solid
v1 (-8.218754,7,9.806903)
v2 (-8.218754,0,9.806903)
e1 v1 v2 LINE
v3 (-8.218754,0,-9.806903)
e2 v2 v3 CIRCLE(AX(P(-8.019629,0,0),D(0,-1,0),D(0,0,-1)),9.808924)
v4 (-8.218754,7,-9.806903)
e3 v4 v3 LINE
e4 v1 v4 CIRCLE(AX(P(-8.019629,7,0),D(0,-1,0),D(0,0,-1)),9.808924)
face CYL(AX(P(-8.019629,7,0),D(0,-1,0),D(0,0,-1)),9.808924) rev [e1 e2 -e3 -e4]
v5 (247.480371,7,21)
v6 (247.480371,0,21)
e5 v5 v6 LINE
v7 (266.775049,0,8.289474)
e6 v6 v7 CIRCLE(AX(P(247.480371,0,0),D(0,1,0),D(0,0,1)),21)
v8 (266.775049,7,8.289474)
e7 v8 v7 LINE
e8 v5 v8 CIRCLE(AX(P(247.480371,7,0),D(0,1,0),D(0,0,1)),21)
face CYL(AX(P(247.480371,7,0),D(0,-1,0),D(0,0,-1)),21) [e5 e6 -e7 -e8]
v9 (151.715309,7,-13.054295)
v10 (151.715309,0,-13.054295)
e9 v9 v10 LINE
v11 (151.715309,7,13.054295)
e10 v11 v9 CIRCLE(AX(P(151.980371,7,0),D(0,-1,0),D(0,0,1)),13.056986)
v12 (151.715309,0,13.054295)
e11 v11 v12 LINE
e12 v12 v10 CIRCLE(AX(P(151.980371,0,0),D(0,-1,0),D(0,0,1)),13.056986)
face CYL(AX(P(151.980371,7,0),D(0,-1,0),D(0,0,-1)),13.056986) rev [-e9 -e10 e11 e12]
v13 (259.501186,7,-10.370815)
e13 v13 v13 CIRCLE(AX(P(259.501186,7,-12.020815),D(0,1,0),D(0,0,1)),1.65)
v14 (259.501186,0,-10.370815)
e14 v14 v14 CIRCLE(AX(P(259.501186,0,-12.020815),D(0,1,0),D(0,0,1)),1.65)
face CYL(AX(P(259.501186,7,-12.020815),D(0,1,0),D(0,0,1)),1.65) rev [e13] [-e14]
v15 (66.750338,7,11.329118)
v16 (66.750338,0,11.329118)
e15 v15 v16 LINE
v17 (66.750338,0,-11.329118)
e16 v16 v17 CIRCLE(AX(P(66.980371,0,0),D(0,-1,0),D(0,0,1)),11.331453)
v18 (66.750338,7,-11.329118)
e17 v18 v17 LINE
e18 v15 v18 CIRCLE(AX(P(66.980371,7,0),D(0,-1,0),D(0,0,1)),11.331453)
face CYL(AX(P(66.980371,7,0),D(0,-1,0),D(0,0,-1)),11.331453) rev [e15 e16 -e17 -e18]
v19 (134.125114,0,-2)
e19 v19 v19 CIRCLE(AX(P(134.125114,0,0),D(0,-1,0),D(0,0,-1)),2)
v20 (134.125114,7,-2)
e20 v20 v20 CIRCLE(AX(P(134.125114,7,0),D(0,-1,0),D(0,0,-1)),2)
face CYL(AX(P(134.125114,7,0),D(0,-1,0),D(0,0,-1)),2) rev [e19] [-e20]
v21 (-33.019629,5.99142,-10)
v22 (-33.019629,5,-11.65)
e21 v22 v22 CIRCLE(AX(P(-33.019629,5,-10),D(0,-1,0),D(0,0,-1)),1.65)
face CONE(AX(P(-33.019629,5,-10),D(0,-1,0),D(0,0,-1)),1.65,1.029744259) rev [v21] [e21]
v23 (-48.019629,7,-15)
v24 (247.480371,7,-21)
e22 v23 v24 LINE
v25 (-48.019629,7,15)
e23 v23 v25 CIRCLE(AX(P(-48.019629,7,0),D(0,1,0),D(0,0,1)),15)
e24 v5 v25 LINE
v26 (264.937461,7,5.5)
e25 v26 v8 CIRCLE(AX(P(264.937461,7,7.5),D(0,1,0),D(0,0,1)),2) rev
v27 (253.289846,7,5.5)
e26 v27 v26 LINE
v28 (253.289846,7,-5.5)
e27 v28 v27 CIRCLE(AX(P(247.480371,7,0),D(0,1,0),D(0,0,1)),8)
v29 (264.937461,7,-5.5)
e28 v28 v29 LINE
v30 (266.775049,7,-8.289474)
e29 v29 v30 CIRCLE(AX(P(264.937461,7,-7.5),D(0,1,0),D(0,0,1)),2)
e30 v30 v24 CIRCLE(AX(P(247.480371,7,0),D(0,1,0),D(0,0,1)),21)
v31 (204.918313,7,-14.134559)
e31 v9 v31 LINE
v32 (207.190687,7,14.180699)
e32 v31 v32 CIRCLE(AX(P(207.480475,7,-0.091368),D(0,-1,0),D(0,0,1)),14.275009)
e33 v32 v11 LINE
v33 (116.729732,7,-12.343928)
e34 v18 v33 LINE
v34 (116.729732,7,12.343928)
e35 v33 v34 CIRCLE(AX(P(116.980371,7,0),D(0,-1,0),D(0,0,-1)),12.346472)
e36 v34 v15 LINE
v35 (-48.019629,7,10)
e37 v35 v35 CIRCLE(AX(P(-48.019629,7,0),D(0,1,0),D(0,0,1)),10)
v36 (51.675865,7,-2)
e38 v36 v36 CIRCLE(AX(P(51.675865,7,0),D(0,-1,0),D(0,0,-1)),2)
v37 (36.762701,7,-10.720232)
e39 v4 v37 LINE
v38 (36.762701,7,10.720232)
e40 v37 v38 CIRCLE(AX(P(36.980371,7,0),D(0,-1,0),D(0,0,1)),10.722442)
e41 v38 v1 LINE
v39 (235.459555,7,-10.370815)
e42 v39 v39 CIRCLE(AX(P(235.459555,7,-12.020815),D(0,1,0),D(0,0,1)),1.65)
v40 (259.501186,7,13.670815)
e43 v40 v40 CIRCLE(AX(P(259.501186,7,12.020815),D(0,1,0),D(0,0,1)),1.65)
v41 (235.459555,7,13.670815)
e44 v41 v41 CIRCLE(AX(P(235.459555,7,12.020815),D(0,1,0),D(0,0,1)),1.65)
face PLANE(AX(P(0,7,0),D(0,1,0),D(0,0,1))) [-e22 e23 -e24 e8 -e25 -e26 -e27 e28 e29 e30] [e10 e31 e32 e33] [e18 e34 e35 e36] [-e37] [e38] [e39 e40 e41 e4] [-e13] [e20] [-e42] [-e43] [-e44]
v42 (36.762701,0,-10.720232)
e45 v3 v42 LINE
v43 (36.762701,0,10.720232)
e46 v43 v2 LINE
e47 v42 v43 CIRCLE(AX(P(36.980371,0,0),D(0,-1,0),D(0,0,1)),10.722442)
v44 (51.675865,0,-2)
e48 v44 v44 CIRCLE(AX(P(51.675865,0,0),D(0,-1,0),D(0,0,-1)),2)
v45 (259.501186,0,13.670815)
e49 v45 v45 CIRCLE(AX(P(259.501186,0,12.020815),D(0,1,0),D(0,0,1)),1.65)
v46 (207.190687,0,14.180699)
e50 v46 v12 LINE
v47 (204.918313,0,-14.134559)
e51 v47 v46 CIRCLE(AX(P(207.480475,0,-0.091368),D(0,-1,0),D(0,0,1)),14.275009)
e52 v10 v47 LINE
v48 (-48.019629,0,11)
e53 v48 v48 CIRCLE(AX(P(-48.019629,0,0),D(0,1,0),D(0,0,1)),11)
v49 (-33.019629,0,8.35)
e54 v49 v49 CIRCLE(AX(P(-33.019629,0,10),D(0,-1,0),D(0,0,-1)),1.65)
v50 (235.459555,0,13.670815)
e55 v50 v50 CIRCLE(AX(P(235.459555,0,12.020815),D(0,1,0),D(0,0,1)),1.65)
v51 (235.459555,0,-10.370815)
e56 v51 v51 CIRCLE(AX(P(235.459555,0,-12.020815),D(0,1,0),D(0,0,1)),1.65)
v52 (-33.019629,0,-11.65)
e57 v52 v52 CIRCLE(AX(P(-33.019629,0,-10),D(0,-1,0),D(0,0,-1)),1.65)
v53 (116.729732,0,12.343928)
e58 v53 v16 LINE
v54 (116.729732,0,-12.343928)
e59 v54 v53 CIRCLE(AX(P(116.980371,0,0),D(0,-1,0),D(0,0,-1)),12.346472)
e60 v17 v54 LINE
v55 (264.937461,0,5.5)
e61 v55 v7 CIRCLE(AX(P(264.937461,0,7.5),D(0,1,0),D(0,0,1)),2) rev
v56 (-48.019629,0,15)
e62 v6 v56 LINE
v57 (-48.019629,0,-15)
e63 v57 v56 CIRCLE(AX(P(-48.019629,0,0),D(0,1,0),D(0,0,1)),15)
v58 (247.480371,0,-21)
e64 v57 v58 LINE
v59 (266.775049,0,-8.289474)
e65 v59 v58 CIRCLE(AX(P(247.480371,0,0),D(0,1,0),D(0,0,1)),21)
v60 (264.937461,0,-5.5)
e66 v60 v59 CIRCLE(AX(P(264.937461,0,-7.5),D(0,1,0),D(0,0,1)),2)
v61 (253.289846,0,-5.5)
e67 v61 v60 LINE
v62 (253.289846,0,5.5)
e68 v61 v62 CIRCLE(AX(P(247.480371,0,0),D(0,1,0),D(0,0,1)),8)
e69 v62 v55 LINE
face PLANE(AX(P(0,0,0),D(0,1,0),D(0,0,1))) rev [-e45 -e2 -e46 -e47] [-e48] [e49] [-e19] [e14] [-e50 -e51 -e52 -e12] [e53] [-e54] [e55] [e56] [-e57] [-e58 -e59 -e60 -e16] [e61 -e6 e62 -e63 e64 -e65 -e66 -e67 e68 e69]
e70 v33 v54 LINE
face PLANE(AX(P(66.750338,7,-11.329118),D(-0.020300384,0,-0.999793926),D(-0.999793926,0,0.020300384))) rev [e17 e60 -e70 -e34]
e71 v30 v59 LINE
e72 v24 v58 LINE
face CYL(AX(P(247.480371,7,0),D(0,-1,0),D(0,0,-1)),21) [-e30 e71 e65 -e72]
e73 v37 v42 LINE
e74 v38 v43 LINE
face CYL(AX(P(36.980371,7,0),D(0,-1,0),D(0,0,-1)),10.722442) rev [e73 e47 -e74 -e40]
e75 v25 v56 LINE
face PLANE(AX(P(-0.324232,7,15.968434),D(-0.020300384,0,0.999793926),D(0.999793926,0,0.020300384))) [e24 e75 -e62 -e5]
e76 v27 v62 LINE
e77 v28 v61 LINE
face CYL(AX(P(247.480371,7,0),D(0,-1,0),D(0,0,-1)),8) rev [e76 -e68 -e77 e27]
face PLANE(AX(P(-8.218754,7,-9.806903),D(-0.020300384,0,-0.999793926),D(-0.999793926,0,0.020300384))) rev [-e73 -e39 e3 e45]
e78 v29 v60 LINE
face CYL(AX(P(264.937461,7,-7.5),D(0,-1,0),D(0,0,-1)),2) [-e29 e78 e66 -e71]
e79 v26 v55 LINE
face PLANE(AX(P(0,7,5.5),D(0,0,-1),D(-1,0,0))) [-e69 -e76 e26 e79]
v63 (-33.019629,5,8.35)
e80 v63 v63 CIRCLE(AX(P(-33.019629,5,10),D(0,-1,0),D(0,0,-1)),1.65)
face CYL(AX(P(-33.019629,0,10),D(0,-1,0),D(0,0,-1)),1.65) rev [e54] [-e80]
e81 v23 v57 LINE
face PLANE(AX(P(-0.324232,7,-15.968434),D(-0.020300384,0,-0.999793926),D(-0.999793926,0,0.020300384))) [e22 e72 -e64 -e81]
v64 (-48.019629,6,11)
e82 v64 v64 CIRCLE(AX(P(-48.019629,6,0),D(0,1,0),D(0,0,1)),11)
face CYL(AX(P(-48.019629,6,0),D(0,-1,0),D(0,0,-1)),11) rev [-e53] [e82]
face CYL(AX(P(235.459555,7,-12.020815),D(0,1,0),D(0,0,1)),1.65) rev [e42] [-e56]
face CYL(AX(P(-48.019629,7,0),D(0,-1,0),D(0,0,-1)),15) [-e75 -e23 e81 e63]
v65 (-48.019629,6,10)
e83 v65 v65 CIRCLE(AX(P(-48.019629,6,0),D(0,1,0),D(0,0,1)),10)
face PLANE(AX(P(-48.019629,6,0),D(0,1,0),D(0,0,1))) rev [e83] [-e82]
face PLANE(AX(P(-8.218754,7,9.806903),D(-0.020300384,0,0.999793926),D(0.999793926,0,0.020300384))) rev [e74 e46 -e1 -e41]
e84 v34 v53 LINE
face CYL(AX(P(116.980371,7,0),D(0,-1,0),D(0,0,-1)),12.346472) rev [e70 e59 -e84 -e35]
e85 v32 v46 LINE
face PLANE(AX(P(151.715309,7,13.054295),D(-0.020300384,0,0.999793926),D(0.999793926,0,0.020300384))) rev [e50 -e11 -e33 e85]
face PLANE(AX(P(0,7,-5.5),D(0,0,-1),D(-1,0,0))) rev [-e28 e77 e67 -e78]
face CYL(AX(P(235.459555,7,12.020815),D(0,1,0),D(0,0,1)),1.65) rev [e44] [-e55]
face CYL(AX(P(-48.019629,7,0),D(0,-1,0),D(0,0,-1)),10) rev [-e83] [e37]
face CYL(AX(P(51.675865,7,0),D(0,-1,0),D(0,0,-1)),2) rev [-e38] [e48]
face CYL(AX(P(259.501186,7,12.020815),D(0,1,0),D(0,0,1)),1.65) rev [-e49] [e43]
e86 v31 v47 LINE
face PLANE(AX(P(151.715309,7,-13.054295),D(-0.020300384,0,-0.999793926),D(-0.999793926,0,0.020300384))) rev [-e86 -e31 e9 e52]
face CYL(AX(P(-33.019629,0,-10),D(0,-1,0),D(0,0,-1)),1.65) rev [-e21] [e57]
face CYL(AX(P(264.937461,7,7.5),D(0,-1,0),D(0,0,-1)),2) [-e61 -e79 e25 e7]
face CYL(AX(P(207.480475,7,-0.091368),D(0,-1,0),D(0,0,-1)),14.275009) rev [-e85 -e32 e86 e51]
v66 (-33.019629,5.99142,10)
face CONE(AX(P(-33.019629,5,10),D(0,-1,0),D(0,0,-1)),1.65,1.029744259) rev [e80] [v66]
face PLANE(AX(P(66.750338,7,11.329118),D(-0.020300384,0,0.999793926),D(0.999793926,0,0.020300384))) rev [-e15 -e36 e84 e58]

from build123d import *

# Parameters (mm, degrees)
SKETCH1_R             = 10
BOSS_EXTRUDE1_DEPTH   = 7
CIRPATTERN1_COUNT     = 4
SKETCH4_R             = 11
CUT_EXTRUDE2_DEPTH    = 6
M4_TAPPED_HOLE1_D     = 3.3
M4_TAPPED_HOLE1_DEPTH = 5
M4_TAPPED_HOLE1_TIP   = 0.991420021
SKETCH7_R             = 2
CUT_EXTRUDE3_DEPTH    = 7


with BuildPart() as part:
    # Sketch1 → Boss-Extrude1 (new body)
    with BuildSketch(Plane(origin=(0, 0, 0), x_dir=(1, 0, 0), z_dir=(0, 1, 0))):
        with BuildLine():
            Line((246.627930173, -20.982691565), (247.480370611, -21))
            ThreePointArc((247.480370611, -21), (259.0328823, -17.536803406), (266.775049308, -8.289473684))
            ThreePointArc((266.775049308, -8.289473684), (266.607632614, -6.399760792), (264.937460861, -5.5))
            Line((264.937460861, -5.5), (253.28984563, -5.5))
            ThreePointArc((253.28984563, -5.5), (239.480370611, 0), (253.28984563, 5.5))
            Line((253.28984563, 5.5), (264.937460861, 5.5))
            ThreePointArc((264.937460861, 5.5), (266.607632614, 6.399760792), (266.775049308, 8.289473684))
            ThreePointArc((266.775049308, 8.289473684), (259.0328823, 17.536803406), (247.480370611, 21))
            Line((247.480370611, 21), (246.627930173, 20.982691565))
            Line((246.627930173, 20.982691565), (-48.019629389, 15))
            ThreePointArc((-48.019629389, 15), (-63.019629389, 0), (-48.019629389, -15))
            Line((-48.019629389, -15), (246.627930173, -20.982691565))
        make_face()
        with Locations((-48.019629389, 0)):
            Circle(SKETCH1_R, mode=Mode.SUBTRACT)
    extrude(amount=BOSS_EXTRUDE1_DEPTH)

    # Sketch3 → Tap Drill for M4 Tap1 (revolve, cut)
    with BuildSketch(Plane(origin=(259.501185891, 7, -12.02081528), x_dir=(0, 0, 1), z_dir=(1, 0, 0))):
        Polygon((0, 0), (0, 8.991420021), (1.65, 8), (1.65, 0), align=None)
    tap_drill_for_m4_tap1 = revolve(axis=Axis((259.501185891, 13.35, -12.02081528), (0, -1, 0)), mode=Mode.SUBTRACT)

    # CirPattern1: Tap Drill for M4 Tap1 ×4 about axis
    cirpattern1_axis = Axis((247.480370611, 52.133884237, 0), (0, -1, 0))
    for i in range(1, CIRPATTERN1_COUNT):
        add(tap_drill_for_m4_tap1.rotate(cirpattern1_axis, i * 360 / CIRPATTERN1_COUNT), mode=Mode.SUBTRACT)

    # Sketch4 → Cut-Extrude2 (cut)
    with BuildSketch(Plane(origin=(0, 0, 0), x_dir=(1, 0, 0), z_dir=(0, 1, 0))):
        with Locations((-48.019629389, 0)):
            Circle(SKETCH4_R)
    extrude(amount=CUT_EXTRUDE2_DEPTH, mode=Mode.SUBTRACT)

    # M4 Tapped Hole1
    with Locations(Plane(origin=(0, 0, 0), x_dir=(-1, 0, 0), z_dir=(0, -1, 0))):
        with Locations((33.019629389, -10), (33.019629389, 10)):
            Hole(M4_TAPPED_HOLE1_D / 2, depth=M4_TAPPED_HOLE1_DEPTH)
            with Locations((0, 0, -(M4_TAPPED_HOLE1_DEPTH + M4_TAPPED_HOLE1_TIP / 2))):  # 118° drill point
                Cone(0, M4_TAPPED_HOLE1_D / 2, M4_TAPPED_HOLE1_TIP, mode=Mode.SUBTRACT)

    # Sketch7 → Cut-Extrude3 (cut)
    with BuildSketch(Plane(origin=(0, 0, 0), x_dir=(-1, 0, 0), z_dir=(0, -1, 0))):
        with Locations((-134.125113886, 0)):
            Circle(SKETCH7_R)
        with Locations((-51.675864847, 0)):
            Circle(SKETCH7_R)
        with BuildLine():
            Line((8.218754321, -9.806902896), (-36.762700927, -10.720231937))
            ThreePointArc((-36.762700927, -10.720231937), (-47.702812165, 0), (-36.762700927, 10.720231937))
            Line((-36.762700927, 10.720231937), (8.218754321, 9.806902896))
            ThreePointArc((8.218754321, 9.806902896), (17.82855365, 0), (8.218754321, -9.806902896))
        make_face()
        with BuildLine():
            Line((-66.750337759, 11.329117964), (-116.729732479, 12.343928009))
            ThreePointArc((-116.729732479, 12.343928009), (-129.326842907, 0), (-116.729732479, -12.343928009))
            Line((-116.729732479, -12.343928009), (-66.750337759, -11.329117964))
            ThreePointArc((-66.750337759, -11.329117964), (-55.648917529, 0), (-66.750337759, 11.329117964))
        make_face()
        with BuildLine():
            Line((-151.715308783, -13.05429504), (-207.190686799, -14.180698655))
            ThreePointArc((-207.190686799, -14.180698655), (-221.709735655, 1.233303858), (-204.918313244, 14.13455909))
            Line((-204.918313244, 14.13455909), (-151.715308783, 13.05429504))
            ThreePointArc((-151.715308783, 13.05429504), (-138.923384865, 0), (-151.715308783, -13.05429504))
        make_face()
    extrude(amount=-CUT_EXTRUDE3_DEPTH, mode=Mode.SUBTRACT)


solid = part.part
